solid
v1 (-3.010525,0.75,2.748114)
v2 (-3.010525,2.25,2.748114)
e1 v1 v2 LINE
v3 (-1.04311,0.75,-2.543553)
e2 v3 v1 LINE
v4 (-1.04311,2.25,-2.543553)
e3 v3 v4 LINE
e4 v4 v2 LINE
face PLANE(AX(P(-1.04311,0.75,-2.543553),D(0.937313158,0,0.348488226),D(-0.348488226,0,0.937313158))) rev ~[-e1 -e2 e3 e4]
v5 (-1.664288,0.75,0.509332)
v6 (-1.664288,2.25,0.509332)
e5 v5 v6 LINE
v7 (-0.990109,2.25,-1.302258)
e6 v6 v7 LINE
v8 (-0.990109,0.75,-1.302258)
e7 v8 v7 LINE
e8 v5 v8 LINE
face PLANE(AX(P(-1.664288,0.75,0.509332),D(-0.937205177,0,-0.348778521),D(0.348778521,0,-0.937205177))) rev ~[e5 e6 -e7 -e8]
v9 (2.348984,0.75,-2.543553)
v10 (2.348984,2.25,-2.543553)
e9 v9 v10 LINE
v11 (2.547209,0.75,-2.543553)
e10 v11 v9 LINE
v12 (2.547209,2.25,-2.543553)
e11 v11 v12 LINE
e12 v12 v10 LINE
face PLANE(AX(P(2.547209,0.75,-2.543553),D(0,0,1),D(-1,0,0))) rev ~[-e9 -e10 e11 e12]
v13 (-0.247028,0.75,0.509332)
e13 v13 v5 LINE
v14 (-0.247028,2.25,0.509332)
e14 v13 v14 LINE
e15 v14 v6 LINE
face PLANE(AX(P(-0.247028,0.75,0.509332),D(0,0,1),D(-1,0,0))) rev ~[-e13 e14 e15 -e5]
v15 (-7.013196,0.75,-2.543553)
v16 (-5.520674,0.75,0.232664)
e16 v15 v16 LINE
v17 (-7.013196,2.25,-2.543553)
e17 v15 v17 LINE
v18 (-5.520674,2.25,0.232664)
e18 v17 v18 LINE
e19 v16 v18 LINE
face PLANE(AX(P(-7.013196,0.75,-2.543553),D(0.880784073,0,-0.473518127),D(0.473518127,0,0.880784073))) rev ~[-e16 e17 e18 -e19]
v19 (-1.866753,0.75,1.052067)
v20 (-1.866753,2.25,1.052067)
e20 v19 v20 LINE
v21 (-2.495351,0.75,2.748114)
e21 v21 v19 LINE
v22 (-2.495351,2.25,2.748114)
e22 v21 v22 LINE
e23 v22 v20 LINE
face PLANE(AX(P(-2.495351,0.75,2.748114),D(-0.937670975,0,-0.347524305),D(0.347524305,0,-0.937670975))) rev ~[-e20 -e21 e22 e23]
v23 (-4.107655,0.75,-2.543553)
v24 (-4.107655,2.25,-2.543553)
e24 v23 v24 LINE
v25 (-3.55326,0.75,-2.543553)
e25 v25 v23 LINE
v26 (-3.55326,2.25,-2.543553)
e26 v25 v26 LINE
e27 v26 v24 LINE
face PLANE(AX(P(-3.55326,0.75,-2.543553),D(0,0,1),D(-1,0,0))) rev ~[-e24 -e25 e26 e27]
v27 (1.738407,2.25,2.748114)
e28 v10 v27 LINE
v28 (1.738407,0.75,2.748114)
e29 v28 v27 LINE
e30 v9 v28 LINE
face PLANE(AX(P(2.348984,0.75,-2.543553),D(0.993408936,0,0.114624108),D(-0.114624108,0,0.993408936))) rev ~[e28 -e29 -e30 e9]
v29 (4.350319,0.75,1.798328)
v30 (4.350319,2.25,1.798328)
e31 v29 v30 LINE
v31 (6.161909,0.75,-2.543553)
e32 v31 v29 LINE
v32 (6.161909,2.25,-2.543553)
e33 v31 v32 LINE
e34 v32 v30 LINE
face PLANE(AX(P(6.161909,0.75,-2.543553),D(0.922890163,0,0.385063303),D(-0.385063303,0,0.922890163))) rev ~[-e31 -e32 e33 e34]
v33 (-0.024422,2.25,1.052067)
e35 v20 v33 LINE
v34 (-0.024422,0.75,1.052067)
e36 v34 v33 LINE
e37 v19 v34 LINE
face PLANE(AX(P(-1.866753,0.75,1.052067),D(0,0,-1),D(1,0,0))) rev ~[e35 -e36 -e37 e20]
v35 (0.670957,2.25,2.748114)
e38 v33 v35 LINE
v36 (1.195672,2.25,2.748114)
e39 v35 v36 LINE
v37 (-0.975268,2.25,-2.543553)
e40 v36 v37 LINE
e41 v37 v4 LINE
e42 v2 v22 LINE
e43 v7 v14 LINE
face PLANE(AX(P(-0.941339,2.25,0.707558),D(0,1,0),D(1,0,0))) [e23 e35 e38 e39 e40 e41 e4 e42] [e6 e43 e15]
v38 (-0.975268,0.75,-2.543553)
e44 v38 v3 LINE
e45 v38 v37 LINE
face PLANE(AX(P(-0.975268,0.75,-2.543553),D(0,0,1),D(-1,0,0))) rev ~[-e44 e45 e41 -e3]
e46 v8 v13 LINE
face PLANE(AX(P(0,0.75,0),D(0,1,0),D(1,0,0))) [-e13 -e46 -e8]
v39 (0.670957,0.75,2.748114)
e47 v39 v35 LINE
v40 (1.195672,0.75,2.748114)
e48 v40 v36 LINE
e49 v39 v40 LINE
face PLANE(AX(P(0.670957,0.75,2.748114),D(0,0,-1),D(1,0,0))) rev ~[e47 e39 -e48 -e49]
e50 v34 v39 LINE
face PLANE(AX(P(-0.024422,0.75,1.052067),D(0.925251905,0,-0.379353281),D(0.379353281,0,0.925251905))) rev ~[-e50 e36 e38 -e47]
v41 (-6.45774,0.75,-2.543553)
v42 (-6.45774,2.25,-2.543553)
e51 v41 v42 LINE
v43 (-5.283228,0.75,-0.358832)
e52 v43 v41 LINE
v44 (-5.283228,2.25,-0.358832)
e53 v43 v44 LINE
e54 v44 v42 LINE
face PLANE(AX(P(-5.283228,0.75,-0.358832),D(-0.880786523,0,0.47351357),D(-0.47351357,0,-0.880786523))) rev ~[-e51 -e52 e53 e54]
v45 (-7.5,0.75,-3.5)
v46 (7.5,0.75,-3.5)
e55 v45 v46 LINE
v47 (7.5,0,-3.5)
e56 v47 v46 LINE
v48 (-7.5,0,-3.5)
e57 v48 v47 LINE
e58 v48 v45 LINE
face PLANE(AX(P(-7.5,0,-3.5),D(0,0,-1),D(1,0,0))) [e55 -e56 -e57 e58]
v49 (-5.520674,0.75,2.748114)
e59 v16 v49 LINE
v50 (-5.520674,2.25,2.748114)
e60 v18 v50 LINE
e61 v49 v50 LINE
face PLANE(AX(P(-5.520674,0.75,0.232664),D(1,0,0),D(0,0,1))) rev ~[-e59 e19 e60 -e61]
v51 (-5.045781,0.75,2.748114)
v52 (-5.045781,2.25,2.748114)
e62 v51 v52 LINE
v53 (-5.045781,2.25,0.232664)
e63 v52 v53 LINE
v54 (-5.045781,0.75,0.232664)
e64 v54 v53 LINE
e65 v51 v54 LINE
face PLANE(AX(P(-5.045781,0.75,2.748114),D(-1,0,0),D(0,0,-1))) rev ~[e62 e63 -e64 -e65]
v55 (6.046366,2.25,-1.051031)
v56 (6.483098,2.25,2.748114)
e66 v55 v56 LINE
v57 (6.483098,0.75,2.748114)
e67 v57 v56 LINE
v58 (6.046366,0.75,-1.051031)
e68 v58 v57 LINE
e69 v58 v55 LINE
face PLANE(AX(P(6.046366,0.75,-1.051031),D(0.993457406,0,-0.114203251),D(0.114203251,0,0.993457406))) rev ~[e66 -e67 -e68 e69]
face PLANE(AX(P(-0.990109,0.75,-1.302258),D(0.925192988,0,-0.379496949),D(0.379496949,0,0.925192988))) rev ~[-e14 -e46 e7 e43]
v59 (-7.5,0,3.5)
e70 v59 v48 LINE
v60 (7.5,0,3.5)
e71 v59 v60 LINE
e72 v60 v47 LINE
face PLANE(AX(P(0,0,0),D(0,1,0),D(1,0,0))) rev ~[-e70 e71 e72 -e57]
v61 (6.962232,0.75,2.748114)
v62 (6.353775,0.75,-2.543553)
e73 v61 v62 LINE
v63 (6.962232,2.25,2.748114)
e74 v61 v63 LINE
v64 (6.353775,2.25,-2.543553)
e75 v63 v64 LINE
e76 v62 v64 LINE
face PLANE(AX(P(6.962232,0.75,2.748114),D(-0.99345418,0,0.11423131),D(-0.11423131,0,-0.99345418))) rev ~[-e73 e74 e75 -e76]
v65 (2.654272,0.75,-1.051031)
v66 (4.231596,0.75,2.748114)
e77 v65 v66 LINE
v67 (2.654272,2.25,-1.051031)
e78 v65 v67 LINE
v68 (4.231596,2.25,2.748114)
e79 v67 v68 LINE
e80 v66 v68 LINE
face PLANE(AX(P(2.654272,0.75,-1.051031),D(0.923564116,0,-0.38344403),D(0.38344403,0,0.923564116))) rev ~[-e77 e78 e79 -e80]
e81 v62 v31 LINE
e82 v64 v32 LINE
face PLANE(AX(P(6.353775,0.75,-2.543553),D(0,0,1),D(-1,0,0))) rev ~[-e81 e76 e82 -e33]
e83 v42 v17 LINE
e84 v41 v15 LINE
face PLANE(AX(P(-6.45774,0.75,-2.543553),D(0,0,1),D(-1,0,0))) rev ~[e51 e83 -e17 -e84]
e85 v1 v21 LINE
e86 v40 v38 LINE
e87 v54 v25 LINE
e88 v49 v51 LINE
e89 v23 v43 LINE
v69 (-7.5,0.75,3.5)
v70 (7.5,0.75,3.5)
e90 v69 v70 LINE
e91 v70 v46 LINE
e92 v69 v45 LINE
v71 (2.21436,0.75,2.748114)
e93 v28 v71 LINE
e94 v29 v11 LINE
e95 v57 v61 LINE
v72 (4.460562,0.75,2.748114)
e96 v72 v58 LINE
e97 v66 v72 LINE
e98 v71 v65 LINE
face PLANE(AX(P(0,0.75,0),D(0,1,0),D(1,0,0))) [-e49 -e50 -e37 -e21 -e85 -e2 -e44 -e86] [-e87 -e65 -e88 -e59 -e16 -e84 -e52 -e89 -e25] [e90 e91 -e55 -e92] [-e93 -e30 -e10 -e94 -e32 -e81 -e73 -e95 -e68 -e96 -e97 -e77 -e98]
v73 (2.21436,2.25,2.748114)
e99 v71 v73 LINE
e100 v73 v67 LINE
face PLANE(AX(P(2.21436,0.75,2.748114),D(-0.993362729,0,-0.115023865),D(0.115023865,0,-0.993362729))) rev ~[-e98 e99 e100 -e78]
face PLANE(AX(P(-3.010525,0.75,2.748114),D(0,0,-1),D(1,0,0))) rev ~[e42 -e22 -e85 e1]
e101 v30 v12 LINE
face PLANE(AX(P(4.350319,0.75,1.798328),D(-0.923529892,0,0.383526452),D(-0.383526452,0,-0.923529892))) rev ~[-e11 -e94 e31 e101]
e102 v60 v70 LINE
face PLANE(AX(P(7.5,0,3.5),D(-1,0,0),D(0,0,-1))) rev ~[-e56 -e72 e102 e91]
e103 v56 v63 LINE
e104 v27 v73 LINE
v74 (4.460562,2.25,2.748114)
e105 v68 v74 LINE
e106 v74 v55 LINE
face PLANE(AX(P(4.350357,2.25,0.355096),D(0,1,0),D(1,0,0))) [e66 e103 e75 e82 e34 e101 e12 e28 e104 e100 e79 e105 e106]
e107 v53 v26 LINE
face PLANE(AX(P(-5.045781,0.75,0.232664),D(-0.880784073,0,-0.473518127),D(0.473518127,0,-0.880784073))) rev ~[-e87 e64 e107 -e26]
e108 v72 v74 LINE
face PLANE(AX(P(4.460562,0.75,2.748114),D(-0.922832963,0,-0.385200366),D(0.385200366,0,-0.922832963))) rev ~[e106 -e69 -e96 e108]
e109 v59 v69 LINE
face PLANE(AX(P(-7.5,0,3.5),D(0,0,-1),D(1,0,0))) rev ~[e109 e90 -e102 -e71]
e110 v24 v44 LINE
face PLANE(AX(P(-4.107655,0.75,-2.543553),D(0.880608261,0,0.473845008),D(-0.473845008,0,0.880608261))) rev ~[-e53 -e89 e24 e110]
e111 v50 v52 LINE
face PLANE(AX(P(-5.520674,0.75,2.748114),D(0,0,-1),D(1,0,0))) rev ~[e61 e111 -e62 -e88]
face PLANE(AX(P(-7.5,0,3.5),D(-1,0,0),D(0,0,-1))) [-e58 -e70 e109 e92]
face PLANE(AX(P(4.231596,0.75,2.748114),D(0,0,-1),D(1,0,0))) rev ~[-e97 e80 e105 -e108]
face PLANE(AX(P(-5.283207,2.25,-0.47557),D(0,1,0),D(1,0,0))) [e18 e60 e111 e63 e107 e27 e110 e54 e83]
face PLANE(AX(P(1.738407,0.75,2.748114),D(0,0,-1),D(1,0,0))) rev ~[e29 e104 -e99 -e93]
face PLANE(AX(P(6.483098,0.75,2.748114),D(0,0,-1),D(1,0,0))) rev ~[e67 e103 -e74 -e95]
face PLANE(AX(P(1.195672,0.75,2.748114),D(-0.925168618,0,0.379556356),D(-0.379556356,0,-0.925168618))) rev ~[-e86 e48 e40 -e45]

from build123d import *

# Parameters (mm, degrees)
SKETCH1_W           = 15
SKETCH1_H           = 7
BOSS_EXTRUDE1_DEPTH = 0.75
BOSS_EXTRUDE2_DEPTH = 1.5


with BuildPart() as part:
    # Sketch1 → Boss-Extrude1 (new body)
    with BuildSketch(Plane(origin=(0, 0, 0), x_dir=(1, 0, 0), z_dir=(0, 1, 0))):
        Rectangle(SKETCH1_W, SKETCH1_H)
    extrude(amount=BOSS_EXTRUDE1_DEPTH)

    # Sketch2 → Boss-Extrude2 (add)
    with BuildSketch(Plane(origin=(0, 0.75, 0), x_dir=(1, 0, 0), z_dir=(0, 1, 0))):
        Polygon((6.962231563, -2.748114094), (6.353774698, 2.543552573), (6.161909381, 2.543552573), (4.35031917, -1.798327769), (2.547209194, 2.543552573), (2.348983699, 2.543552573), (1.738406776, -2.748114094), (2.214359968, -2.748114094), (2.654272161, 1.051031205), (4.231595879, -2.748114094), (4.460562225, -2.748114094), (6.046366178, 1.051031205), (6.483098283, -2.748114094), align=None)
        Polygon((-1.043110318, 2.543552573), (-3.010524848, -2.748114094), (-2.495350569, -2.748114094), (-1.866753146, -1.052067085), (-0.024422083, -1.052067085), (0.67095719, -2.748114094), (1.195671734, -2.748114094), (-0.975268437, 2.543552573), align=None)
        Polygon((-0.990108849, 1.302258169), (-0.247028253, -0.509332042), (-1.664287535, -0.509332042), align=None, mode=Mode.SUBTRACT)
        Polygon((-3.55325989, 2.543552573), (-4.107655256, 2.543552573), (-5.283227839, 0.35883202), (-6.457740392, 2.543552573), (-7.013195788, 2.543552573), (-5.52067442, -0.232664374), (-5.52067442, -2.748114094), (-5.045781258, -2.748114094), (-5.045781258, -0.232664374), align=None)
    extrude(amount=BOSS_EXTRUDE2_DEPTH)


solid = part.part
